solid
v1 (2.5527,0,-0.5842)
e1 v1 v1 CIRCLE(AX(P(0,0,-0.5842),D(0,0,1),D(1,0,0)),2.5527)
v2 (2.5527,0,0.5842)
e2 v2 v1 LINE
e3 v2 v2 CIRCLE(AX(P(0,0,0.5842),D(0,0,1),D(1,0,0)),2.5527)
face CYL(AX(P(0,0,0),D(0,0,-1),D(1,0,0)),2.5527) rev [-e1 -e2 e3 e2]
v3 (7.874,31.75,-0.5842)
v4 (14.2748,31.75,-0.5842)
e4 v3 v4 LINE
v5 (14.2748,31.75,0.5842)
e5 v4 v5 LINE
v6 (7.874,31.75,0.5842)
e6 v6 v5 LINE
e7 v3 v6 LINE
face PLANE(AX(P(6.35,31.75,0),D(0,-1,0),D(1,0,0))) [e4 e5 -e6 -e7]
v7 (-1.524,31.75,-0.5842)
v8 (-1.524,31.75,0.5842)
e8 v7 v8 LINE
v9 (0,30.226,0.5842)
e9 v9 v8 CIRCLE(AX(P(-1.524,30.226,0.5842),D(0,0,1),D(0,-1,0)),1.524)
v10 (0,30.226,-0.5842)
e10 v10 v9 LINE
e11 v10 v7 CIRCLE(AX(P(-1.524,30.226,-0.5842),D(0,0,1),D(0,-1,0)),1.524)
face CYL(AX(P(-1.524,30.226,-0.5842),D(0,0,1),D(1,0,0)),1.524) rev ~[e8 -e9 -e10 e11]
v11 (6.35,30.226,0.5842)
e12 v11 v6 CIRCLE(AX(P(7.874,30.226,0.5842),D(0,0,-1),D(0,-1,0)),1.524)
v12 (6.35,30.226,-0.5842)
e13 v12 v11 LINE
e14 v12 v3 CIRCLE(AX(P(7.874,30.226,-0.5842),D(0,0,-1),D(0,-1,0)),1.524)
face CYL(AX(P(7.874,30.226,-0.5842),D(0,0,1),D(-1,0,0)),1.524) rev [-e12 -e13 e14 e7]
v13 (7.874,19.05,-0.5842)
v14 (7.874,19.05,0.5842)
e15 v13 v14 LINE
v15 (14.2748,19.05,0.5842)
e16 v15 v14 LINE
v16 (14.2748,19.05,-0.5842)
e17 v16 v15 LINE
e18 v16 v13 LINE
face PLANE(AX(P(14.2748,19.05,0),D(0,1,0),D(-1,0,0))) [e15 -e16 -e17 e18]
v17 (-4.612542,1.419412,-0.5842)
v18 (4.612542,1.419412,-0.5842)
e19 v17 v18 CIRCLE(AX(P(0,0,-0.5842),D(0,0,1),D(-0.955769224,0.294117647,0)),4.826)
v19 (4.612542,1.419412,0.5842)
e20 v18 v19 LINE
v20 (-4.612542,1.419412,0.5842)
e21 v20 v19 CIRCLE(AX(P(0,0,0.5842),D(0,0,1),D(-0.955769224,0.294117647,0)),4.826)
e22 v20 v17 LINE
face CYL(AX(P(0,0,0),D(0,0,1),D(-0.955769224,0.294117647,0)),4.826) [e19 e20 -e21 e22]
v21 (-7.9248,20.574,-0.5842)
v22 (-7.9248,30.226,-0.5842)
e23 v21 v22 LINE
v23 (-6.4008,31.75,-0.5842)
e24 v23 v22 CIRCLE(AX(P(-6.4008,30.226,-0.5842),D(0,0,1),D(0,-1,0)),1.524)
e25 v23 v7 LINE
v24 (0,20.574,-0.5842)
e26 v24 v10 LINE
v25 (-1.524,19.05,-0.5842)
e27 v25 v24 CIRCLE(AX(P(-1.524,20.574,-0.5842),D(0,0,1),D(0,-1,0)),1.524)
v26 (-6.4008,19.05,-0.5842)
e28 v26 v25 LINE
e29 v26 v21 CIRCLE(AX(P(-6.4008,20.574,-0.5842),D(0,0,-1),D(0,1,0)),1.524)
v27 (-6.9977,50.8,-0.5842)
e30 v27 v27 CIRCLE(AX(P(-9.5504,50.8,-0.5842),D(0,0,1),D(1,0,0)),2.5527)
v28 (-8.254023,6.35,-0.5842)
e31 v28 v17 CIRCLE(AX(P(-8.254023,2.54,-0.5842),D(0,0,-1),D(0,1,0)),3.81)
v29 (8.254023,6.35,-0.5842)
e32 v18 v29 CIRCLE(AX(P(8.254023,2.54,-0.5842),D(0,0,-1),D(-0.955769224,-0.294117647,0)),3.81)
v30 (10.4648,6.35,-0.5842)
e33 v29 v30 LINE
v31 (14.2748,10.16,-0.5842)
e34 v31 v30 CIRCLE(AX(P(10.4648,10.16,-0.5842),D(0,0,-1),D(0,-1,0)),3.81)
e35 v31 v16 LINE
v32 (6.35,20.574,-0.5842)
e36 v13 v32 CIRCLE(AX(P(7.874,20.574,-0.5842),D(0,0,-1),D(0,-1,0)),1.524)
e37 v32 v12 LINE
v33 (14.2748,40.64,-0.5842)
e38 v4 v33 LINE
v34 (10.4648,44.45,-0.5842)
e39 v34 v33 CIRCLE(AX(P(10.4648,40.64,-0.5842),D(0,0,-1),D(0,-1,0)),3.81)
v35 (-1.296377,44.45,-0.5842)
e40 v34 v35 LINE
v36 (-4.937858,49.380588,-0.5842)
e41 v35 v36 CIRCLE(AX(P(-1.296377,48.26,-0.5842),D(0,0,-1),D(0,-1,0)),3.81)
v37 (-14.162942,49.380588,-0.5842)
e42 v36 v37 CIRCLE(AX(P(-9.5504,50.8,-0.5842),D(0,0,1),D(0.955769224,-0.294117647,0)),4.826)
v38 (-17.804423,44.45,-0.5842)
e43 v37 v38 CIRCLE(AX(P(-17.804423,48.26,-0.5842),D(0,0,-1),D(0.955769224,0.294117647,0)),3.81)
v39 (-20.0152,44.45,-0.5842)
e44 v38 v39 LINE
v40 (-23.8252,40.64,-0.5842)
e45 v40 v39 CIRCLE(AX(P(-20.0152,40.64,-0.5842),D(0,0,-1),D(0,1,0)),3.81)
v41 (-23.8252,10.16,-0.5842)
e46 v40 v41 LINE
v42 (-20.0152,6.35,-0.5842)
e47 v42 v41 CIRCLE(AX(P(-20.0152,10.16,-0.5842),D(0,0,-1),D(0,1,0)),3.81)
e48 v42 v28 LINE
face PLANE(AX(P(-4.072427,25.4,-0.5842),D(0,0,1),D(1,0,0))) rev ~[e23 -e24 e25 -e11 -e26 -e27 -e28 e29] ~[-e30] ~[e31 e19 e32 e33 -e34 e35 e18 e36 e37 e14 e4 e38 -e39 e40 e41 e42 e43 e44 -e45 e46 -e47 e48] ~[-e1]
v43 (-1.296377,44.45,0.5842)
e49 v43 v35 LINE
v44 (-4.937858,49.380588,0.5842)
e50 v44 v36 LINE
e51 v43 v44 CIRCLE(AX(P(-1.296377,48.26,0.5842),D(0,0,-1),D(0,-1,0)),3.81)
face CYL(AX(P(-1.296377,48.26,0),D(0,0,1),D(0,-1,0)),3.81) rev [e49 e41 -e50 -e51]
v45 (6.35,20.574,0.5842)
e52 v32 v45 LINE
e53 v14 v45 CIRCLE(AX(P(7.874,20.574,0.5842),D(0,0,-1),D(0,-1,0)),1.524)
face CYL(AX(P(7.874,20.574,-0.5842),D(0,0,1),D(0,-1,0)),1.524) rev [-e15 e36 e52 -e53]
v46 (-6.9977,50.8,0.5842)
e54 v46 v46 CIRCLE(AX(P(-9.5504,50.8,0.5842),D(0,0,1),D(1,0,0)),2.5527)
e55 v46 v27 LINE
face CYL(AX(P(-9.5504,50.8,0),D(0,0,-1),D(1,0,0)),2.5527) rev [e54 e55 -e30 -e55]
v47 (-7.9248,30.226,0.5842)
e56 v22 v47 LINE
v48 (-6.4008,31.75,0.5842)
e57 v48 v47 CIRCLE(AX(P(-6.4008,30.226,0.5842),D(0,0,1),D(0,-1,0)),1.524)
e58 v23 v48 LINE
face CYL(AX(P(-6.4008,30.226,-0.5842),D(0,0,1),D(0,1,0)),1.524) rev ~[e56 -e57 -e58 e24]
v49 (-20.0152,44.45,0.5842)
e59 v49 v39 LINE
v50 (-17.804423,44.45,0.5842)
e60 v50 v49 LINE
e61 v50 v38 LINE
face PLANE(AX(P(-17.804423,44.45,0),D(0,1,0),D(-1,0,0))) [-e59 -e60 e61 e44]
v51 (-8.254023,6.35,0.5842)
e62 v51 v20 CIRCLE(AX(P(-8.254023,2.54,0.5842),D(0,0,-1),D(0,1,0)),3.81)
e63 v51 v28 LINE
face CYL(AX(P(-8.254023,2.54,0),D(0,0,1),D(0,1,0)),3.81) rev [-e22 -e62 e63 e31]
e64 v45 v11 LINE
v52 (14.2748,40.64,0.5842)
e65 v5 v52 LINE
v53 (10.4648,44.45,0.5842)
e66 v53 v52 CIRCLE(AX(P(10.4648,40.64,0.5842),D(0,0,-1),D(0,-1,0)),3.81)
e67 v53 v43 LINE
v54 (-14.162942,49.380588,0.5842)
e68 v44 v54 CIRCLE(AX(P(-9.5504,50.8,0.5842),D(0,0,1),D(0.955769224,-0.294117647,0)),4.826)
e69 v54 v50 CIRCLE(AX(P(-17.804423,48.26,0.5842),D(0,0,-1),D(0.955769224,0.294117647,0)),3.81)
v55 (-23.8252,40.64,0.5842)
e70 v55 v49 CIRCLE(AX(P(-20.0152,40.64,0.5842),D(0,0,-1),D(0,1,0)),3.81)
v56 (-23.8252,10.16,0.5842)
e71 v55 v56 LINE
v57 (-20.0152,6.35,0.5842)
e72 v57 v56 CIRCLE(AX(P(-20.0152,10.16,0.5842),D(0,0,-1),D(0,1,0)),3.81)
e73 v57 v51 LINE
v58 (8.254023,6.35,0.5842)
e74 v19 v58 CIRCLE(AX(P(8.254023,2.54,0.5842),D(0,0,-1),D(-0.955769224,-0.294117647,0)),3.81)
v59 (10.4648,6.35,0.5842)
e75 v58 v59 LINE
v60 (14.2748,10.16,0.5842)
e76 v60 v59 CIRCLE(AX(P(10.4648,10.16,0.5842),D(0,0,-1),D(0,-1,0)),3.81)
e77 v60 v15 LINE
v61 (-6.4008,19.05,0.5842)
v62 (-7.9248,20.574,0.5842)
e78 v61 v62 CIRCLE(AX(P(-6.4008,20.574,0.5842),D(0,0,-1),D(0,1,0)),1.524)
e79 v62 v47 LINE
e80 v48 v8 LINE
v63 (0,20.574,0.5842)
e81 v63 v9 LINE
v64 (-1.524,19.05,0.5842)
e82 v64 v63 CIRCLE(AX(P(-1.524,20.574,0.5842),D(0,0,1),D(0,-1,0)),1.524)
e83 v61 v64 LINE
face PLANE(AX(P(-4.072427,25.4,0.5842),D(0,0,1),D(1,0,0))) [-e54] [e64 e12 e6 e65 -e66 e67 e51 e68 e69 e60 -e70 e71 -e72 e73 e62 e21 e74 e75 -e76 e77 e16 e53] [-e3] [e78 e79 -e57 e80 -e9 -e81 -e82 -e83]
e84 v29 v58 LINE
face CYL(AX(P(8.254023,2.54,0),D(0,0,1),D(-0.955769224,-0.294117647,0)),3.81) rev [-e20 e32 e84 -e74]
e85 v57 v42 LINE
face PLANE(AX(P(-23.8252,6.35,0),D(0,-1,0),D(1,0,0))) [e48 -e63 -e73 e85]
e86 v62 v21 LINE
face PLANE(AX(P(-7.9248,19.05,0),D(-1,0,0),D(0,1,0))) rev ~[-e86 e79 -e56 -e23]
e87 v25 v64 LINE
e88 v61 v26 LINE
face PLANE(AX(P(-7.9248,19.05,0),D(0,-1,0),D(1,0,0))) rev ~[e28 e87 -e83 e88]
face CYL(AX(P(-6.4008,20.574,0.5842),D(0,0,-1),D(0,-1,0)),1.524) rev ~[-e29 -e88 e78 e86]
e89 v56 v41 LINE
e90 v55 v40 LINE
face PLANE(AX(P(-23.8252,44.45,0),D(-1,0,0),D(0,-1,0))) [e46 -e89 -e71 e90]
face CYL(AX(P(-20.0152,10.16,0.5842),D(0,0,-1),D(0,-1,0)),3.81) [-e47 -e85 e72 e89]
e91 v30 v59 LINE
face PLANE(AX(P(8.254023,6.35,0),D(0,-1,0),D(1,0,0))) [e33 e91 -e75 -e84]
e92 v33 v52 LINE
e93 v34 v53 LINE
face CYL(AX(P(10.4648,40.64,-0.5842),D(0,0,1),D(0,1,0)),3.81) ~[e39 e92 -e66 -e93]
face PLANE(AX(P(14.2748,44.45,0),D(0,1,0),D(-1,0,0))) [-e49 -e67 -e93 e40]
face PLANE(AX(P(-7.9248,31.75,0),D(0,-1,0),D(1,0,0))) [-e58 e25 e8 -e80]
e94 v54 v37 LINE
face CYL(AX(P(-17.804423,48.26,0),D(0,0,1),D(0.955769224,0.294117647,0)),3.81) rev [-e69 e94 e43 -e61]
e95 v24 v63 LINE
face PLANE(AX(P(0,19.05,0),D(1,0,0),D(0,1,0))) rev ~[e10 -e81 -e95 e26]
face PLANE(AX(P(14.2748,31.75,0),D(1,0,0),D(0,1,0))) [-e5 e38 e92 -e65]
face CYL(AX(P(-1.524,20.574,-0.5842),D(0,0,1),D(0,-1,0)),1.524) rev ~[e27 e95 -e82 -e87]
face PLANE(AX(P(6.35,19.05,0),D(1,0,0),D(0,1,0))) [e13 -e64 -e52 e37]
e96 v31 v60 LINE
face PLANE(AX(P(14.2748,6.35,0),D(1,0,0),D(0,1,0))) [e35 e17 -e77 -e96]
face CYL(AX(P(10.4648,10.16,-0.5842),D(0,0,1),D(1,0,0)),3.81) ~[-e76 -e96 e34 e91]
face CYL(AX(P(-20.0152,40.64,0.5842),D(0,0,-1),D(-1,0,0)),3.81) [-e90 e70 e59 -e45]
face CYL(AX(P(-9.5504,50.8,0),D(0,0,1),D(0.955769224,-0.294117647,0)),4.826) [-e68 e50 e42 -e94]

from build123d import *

# Parameters (mm, degrees)
SKETCH1_R           = 2.5527
SKETCH1_W           = 7.9248
SKETCH1_H           = 12.7
BOSS_EXTRUDE1_DEPTH = 0.5842
FILLET1_R           = 3.81
FILLET2_R           = 1.524


with BuildPart() as part:
    # Sketch1 → Boss-Extrude1 (new body, symmetric)
    with BuildSketch(Plane.XY):
        with BuildLine():
            ThreePointArc((-4.612542275, 1.419411765), (0, -4.826), (4.612542275, 1.419411765))
            ThreePointArc((4.612542275, 1.419411765), (5.18926029, 4.803477283), (8.254023019, 6.35))
            Line((8.254023019, 6.35), (14.2748, 6.35))
            Line((14.2748, 6.35), (14.2748, 19.05))
            Line((14.2748, 19.05), (6.35, 19.05))
            Line((6.35, 19.05), (6.35, 31.75))
            Line((6.35, 31.75), (14.2748, 31.75))
            Line((14.2748, 31.75), (14.2748, 44.45))
            Line((14.2748, 44.45), (-1.296376981, 44.45))
            ThreePointArc((-1.296376981, 44.45), (-4.36113971, 45.996522717), (-4.937857725, 49.380588235))
            ThreePointArc((-4.937857725, 49.380588235), (-9.5504, 55.626), (-14.162942275, 49.380588235))
            ThreePointArc((-14.162942275, 49.380588235), (-14.73966029, 45.996522717), (-17.804423019, 44.45))
            Line((-17.804423019, 44.45), (-23.8252, 44.45))
            Line((-23.8252, 44.45), (-23.8252, 6.35))
            Line((-23.8252, 6.35), (-8.254023019, 6.35))
            ThreePointArc((-8.254023019, 6.35), (-5.18926029, 4.803477283), (-4.612542275, 1.419411765))
        make_face()
        Circle(SKETCH1_R, mode=Mode.SUBTRACT)
        with Locations((-9.5504, 50.8)):
            Circle(SKETCH1_R, mode=Mode.SUBTRACT)
        with Locations((-3.9624, 25.4)):
            Rectangle(SKETCH1_W, SKETCH1_H, mode=Mode.SUBTRACT)
    extrude(amount=BOSS_EXTRUDE1_DEPTH, both=True)

    # Fillet1
    fillet1_edges = [part.edges().sort_by_distance(p)[0] for p in [
        (-23.8252, 6.35, 0),
        (-23.8252, 44.45, 0),
        (14.2748, 44.45, 0),
        (14.2748, 6.35, 0),
    ]]
    fillet(fillet1_edges, radius=FILLET1_R)

    # Fillet2
    fillet2_edges = [part.edges().sort_by_distance(p)[0] for p in [
        (6.35, 31.75, 0),
        (6.35, 19.05, 0),
        (-7.9248, 19.05, 0),
        (0, 19.05, 0),
        (0, 31.75, 0),
        (-7.9248, 31.75, 0),
    ]]
    fillet(fillet2_edges, radius=FILLET2_R)


solid = part.part
